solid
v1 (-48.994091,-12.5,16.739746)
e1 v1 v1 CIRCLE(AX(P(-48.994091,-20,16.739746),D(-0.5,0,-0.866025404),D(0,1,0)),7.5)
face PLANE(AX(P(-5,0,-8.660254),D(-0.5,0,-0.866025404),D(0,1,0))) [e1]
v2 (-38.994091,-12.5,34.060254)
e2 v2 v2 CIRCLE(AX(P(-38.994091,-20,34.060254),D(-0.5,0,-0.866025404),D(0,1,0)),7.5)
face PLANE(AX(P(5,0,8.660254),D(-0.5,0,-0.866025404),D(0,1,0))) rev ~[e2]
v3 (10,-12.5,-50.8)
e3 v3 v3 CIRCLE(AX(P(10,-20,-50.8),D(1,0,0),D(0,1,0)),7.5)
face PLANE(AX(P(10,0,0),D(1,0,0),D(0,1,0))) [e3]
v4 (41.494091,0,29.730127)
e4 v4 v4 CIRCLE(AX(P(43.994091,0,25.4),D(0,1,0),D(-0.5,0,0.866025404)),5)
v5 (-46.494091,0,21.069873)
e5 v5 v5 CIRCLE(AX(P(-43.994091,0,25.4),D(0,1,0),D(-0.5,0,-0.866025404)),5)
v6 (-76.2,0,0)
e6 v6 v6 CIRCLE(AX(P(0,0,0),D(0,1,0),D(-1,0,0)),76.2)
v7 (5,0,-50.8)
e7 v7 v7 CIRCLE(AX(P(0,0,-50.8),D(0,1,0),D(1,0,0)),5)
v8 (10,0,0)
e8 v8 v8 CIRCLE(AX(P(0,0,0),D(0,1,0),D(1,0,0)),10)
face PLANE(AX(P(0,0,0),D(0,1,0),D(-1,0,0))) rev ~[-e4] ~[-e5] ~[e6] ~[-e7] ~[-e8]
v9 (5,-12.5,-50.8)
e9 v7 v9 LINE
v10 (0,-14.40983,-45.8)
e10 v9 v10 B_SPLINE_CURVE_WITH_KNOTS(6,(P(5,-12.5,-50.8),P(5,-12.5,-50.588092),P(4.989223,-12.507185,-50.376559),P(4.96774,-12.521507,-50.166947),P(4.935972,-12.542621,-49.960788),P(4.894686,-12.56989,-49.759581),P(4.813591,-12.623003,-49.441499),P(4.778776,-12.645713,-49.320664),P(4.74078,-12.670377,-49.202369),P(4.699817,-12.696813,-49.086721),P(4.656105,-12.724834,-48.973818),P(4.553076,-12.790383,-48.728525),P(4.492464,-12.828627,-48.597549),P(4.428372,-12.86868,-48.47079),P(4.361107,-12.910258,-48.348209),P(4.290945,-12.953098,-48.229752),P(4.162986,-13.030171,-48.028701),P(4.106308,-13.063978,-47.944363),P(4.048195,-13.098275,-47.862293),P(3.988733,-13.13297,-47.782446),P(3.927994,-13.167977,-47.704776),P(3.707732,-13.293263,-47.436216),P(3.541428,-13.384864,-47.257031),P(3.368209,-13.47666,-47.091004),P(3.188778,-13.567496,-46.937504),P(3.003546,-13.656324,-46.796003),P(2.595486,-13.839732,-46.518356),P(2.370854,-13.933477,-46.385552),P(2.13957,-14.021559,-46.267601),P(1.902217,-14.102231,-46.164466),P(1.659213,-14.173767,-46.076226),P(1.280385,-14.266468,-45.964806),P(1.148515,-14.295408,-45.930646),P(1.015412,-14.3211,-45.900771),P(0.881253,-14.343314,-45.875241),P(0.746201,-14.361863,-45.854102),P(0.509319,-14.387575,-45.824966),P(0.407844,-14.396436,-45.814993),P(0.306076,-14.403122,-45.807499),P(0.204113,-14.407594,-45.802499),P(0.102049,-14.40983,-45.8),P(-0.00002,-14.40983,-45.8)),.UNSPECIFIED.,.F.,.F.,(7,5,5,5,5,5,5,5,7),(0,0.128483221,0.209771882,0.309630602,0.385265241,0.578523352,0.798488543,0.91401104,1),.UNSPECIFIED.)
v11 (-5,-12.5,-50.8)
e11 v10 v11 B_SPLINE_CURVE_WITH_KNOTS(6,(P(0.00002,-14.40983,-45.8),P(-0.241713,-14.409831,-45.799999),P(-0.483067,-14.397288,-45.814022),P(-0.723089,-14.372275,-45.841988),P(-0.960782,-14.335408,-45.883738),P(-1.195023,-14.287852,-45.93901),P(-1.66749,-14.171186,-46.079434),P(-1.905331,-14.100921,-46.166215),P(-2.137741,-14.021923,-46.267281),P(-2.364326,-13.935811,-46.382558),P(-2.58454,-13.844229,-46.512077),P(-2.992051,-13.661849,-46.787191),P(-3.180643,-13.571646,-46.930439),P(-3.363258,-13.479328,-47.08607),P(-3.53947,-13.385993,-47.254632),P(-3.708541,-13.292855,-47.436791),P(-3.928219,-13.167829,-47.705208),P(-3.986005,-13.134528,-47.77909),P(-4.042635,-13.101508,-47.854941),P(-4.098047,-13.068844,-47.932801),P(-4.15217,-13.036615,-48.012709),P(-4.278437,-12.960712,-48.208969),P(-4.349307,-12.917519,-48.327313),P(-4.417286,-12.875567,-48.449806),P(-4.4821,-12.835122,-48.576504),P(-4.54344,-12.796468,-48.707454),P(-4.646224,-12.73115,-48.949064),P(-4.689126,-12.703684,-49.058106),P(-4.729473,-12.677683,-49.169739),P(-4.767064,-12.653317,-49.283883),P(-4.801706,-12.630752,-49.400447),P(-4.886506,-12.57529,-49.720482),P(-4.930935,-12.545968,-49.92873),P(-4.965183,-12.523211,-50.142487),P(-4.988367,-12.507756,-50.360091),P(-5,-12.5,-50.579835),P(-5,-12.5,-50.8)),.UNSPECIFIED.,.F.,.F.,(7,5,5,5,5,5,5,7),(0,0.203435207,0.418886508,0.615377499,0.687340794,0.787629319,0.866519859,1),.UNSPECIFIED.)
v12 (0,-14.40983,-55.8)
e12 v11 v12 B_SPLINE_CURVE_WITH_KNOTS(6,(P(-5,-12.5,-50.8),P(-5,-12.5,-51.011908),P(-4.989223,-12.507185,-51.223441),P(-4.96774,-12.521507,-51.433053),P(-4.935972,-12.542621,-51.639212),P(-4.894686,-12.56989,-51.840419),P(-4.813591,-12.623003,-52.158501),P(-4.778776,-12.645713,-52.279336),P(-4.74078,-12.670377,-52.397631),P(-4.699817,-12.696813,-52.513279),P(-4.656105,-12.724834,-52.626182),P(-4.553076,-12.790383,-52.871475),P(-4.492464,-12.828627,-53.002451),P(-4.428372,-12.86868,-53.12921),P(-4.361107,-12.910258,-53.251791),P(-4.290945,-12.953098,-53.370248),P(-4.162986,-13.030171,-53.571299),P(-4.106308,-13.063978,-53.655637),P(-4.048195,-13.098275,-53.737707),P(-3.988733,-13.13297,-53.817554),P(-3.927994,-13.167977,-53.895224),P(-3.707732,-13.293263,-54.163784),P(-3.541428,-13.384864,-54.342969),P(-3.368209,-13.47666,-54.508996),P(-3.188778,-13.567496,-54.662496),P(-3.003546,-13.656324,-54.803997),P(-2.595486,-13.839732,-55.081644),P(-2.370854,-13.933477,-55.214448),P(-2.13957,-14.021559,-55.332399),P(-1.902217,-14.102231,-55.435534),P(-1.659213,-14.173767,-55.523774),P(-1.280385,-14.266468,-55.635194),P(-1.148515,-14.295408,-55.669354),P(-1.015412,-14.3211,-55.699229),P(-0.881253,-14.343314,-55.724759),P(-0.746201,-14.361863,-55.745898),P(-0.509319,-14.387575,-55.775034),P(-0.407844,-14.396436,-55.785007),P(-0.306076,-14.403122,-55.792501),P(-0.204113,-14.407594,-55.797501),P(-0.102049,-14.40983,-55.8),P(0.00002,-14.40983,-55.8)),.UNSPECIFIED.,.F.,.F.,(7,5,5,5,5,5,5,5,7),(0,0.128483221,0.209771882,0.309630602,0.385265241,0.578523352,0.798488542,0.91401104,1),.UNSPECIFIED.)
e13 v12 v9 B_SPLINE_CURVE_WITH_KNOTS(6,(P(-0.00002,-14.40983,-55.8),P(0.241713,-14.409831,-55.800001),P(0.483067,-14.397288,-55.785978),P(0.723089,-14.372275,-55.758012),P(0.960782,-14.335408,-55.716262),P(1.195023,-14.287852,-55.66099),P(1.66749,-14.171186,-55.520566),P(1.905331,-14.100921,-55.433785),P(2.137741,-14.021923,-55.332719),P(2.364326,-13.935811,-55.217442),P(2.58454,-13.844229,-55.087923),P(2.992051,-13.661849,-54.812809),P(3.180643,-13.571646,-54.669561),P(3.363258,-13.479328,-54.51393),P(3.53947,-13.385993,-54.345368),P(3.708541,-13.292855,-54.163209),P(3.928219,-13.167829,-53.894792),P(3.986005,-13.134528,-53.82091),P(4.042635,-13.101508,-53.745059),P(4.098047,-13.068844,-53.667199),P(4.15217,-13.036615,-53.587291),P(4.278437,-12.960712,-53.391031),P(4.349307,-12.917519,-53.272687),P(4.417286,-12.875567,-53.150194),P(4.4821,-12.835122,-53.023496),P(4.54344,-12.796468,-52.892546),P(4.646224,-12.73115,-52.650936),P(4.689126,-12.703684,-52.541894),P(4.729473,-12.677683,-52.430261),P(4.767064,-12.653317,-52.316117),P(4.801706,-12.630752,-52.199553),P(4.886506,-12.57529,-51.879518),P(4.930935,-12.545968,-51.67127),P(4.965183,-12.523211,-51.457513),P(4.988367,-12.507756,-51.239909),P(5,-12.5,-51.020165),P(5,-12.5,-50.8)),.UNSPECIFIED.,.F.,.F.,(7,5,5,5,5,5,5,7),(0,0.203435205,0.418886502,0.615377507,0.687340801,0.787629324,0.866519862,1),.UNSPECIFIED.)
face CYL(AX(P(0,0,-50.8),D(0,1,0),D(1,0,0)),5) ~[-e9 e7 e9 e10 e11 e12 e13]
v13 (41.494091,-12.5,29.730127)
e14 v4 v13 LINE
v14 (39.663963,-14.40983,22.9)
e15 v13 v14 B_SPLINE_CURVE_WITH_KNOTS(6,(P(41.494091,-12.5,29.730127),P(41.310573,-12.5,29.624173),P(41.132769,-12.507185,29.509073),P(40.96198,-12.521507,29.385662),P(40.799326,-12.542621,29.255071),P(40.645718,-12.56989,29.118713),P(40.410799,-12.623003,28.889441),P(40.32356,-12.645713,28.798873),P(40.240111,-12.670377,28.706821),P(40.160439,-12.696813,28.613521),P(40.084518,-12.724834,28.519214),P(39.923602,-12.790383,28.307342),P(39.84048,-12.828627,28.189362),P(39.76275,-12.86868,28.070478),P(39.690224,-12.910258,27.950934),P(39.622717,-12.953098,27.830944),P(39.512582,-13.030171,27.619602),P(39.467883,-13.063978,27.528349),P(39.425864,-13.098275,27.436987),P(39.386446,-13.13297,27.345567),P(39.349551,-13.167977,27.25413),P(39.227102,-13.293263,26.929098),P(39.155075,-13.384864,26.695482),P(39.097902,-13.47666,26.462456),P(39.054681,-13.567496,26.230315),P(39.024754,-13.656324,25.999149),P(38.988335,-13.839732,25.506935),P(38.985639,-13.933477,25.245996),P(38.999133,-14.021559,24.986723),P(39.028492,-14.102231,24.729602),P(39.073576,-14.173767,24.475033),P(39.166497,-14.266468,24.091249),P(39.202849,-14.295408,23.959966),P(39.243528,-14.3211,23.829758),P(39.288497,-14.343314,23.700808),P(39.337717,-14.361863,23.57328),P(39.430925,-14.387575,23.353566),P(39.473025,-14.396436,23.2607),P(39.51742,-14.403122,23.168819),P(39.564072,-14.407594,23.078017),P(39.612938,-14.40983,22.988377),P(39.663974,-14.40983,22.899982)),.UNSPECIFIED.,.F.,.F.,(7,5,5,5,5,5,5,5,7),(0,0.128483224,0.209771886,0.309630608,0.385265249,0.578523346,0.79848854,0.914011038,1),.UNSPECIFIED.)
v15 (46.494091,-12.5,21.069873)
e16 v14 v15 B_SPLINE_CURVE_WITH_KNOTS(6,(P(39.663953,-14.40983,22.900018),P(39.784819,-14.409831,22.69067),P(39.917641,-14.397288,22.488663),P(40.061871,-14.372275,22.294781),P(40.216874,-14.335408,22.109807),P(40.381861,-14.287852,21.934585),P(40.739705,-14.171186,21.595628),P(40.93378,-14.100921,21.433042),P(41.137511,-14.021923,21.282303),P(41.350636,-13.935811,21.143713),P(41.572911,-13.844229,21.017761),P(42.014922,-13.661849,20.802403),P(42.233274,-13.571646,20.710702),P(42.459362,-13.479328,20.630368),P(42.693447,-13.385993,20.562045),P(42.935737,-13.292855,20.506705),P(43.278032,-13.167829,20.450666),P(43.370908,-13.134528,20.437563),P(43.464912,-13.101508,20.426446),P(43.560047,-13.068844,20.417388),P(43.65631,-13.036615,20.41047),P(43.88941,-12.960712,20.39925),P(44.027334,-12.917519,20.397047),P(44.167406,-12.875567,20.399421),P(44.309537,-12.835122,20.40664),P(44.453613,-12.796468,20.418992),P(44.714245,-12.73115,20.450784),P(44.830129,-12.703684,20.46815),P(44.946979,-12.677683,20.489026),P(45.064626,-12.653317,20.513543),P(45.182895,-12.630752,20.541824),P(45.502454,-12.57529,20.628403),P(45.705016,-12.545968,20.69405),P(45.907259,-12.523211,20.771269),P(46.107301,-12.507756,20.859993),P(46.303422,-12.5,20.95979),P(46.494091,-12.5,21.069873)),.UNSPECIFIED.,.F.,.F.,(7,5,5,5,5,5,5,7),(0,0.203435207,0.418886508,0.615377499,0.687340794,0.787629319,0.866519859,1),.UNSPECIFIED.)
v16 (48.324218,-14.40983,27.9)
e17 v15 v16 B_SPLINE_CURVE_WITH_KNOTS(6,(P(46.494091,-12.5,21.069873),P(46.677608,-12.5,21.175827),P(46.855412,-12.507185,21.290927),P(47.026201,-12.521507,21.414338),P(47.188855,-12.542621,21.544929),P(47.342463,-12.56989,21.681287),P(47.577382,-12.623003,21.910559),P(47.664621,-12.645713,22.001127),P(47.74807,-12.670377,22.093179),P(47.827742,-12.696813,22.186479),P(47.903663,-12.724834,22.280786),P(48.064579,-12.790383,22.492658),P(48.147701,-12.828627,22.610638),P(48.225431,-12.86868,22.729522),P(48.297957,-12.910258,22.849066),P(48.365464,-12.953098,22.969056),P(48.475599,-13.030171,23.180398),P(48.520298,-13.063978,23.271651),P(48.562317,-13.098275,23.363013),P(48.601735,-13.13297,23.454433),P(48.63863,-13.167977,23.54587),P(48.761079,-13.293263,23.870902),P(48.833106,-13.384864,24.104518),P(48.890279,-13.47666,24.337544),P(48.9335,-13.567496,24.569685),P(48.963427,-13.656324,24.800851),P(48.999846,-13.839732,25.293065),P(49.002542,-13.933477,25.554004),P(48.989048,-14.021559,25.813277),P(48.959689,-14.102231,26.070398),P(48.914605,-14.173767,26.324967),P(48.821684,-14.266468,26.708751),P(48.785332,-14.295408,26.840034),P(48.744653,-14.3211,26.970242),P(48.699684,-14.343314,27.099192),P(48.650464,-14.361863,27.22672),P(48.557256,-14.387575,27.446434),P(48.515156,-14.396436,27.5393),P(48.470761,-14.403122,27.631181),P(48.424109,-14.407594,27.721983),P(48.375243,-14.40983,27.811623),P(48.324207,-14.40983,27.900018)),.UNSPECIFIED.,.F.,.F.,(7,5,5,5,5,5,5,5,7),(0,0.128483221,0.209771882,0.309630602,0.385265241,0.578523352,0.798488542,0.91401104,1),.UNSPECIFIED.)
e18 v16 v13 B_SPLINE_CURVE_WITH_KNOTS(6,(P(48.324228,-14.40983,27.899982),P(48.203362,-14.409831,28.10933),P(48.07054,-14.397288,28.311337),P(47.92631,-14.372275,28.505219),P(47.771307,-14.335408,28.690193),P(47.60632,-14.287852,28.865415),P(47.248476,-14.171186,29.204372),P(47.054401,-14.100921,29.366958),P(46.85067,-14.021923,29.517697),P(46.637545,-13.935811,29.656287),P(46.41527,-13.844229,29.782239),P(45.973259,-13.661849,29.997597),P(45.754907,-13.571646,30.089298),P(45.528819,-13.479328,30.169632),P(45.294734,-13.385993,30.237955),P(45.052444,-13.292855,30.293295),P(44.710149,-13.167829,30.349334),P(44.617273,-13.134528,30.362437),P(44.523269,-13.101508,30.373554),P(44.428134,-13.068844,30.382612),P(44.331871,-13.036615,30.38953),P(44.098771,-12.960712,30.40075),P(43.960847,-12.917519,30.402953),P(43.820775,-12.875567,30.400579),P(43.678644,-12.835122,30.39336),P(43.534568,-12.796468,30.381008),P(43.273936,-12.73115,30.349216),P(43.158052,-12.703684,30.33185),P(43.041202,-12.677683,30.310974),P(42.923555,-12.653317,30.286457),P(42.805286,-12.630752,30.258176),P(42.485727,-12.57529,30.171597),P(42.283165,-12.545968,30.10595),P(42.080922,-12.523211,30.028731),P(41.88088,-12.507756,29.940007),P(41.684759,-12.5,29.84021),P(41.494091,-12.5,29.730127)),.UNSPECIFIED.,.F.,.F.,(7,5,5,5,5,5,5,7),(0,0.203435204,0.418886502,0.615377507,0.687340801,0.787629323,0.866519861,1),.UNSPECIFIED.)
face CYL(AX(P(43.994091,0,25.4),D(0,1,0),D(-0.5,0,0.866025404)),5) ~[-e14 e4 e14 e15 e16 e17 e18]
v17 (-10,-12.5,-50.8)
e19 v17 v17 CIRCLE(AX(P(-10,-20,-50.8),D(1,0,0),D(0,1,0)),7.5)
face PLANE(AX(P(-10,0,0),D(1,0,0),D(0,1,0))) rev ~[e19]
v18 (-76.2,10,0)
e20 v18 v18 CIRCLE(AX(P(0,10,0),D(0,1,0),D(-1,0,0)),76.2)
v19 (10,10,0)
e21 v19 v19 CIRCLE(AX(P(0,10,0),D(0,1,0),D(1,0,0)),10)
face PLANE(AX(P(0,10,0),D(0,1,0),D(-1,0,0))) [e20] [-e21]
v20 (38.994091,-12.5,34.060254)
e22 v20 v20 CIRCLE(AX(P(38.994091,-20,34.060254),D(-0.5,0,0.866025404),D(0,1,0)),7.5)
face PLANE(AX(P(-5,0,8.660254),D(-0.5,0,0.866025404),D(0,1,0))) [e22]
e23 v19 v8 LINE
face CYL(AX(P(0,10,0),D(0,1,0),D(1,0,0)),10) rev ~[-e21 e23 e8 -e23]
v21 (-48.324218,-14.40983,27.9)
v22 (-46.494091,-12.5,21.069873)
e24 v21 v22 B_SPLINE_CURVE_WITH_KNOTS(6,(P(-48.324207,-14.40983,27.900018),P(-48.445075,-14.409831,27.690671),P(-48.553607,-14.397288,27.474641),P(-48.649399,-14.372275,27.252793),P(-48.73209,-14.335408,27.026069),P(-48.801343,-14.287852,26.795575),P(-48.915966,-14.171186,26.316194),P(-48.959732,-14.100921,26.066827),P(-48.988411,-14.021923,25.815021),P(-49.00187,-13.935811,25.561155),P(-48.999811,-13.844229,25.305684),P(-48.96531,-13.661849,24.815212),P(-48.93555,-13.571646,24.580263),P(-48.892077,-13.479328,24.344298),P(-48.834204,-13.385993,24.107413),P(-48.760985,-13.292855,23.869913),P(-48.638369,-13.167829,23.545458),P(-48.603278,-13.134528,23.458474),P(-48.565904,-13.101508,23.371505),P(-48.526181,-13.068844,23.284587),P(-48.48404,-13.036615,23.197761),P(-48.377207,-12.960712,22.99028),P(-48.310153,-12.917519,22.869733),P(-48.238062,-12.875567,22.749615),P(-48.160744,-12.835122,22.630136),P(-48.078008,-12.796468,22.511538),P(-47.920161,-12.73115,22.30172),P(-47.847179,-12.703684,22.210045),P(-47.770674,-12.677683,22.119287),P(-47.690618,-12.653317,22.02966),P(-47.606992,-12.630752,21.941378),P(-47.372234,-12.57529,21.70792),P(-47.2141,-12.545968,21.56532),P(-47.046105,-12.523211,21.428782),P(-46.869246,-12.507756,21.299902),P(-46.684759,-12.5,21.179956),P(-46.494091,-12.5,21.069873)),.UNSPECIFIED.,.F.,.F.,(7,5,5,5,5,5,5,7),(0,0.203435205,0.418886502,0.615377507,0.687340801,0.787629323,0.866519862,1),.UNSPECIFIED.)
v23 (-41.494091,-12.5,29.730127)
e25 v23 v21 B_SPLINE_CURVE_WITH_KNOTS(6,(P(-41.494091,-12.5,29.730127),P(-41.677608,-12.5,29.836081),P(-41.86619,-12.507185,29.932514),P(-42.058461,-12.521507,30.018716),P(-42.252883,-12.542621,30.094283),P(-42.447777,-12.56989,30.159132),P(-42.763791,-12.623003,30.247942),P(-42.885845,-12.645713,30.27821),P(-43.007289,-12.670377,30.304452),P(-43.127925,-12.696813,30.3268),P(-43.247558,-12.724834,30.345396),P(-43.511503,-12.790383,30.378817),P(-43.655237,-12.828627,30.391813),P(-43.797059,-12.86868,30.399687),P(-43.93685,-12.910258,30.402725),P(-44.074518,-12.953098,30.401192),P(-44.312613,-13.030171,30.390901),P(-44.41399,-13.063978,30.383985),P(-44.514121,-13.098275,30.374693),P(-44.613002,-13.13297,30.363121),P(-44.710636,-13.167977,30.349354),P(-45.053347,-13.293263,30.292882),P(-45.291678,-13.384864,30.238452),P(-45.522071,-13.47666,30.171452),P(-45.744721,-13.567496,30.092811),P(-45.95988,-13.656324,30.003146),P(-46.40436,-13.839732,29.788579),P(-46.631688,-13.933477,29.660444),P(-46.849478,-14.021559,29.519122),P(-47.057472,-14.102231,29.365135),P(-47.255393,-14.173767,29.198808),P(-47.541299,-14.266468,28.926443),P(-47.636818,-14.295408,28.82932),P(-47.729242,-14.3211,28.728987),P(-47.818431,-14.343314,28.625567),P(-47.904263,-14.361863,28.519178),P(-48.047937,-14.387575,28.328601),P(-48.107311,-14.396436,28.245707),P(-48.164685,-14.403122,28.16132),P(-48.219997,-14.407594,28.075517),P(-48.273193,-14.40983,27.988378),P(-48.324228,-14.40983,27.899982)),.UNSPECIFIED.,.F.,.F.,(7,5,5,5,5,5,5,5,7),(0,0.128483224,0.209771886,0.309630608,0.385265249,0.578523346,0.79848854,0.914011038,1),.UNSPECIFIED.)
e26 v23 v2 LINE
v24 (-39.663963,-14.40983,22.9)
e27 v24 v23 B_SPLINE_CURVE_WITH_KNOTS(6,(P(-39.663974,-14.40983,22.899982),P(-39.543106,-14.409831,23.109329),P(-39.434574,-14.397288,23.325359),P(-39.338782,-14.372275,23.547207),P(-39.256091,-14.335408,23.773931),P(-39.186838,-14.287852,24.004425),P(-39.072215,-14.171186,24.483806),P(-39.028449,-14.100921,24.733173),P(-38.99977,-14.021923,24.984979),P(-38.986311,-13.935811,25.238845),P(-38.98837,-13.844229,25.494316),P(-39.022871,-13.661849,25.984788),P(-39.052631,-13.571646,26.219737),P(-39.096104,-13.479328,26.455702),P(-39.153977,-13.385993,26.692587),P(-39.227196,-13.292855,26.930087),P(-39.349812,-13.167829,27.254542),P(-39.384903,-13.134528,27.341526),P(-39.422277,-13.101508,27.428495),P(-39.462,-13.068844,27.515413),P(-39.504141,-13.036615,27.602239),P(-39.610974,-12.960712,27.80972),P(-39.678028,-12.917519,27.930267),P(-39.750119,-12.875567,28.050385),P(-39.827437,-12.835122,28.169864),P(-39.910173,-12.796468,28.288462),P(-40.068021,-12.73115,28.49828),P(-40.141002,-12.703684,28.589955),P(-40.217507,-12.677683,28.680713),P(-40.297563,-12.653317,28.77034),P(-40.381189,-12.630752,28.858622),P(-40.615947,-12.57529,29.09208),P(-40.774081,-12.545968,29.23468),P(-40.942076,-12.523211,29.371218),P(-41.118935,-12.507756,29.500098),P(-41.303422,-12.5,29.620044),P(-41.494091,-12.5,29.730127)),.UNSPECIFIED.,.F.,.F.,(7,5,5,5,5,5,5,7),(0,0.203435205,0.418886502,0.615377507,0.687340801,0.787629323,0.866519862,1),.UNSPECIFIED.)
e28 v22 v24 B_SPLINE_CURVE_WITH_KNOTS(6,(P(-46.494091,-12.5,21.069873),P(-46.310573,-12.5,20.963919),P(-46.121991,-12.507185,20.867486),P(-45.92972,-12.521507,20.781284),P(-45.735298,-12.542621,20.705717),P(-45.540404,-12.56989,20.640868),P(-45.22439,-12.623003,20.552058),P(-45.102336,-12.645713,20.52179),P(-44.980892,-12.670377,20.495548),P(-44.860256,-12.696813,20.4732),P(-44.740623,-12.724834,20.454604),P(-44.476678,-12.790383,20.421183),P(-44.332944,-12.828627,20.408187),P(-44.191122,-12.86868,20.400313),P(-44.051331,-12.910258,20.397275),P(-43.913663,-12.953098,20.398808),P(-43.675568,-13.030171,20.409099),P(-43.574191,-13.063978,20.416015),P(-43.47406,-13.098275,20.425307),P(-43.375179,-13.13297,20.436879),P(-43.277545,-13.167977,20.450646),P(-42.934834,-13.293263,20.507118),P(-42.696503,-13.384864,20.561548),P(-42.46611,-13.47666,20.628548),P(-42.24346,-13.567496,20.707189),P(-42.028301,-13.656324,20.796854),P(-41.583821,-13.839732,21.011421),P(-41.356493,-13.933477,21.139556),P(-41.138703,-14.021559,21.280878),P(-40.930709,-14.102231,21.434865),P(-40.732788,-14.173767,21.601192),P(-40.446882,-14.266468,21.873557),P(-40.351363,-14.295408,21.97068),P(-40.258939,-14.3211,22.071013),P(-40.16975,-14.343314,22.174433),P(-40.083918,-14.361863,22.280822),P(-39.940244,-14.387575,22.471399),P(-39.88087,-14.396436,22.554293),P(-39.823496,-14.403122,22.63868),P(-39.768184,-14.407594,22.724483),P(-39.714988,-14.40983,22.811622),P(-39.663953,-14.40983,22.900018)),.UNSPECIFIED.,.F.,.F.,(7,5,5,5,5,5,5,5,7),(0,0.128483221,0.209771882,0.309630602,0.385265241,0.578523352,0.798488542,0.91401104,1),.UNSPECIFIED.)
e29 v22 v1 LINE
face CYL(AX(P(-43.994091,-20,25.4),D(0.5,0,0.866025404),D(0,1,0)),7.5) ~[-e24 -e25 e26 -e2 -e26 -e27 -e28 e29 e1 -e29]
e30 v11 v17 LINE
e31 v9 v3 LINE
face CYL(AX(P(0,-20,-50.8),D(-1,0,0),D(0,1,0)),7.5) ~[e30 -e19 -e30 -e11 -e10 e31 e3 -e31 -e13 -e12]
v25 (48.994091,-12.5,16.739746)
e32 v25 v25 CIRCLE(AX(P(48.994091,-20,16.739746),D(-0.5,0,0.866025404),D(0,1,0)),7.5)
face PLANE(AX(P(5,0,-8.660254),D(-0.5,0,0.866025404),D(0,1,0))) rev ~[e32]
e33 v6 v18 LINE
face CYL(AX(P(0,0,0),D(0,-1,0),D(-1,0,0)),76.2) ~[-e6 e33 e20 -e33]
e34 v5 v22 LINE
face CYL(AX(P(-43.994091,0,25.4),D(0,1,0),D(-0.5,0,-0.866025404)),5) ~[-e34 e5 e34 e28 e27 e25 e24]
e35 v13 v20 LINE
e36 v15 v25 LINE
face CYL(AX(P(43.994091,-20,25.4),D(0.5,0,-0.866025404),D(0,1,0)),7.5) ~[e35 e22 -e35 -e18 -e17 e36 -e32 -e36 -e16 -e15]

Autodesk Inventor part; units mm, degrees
ref_plane "YZ Plane" through (0, 0, 0) normal (1, 0, 0) x (0, 1, 0)
ref_plane "XZ Plane" through (0, 0, 0) normal (0, 1, 0) x (-1, 0, 0)
ref_plane "XY Plane" through (0, 0, 0) normal (0, 0, 1) x (1, 0, 0)
sketch "Sketch1" plane through (0, 0, 0) normal (0, 1, 0) x (-1, 0, 0)
  circle A0 centre (0, 0) radius 76.2
  dimension "d0" = 152.4
extrude "Extrusion1" add sketch "Sketch1" along normal blind 10
sketch "Sketch2" plane through (0, 0, 0) normal (0, -1, 0) x (1, 0, 0)
  circle A0 centre (0, -50.8) radius 5
  line L0 (0, 0) -> (0, -50.8)
  dimension "d3" = 50.8
  dimension "d4" = 10
extrude "Extrusion2" add sketch "Sketch2" along normal blind 20
pattern_circular "Circular Pattern1" count 3 over 360 about axis through (0, -10, 0) along (0, 1, 0) of "Extrusion2"
sketch "Sketch4" plane through (0, 10, 0) normal (0, 1, 0) x (1, 0, 0)
  circle A0 centre (0, 0) radius 10
  dimension "d12" = 20
extrude "Extrusion3" cut sketch "Sketch4" against normal up to surface (10 mm away)
sketch "Sketch5" plane through (0, 0, 0) normal (1, 0, 0) x (0, 1, 0)
  line L0 (-20, -45.8) -> (-20, -55.8) projected
  circle A0 centre (-20, -50.8) radius 7.5
  point P0 (0, 0)
  dimension "d15" = 15
extrude "Extrusion4" add sketch "Sketch5" along normal mid plane 20
pattern_circular "Circular Pattern2" count 3 over 360 about axis through (0, 0, 0) along (0, 1, 0) of "Extrusion4"
properties part number "pll-base"
